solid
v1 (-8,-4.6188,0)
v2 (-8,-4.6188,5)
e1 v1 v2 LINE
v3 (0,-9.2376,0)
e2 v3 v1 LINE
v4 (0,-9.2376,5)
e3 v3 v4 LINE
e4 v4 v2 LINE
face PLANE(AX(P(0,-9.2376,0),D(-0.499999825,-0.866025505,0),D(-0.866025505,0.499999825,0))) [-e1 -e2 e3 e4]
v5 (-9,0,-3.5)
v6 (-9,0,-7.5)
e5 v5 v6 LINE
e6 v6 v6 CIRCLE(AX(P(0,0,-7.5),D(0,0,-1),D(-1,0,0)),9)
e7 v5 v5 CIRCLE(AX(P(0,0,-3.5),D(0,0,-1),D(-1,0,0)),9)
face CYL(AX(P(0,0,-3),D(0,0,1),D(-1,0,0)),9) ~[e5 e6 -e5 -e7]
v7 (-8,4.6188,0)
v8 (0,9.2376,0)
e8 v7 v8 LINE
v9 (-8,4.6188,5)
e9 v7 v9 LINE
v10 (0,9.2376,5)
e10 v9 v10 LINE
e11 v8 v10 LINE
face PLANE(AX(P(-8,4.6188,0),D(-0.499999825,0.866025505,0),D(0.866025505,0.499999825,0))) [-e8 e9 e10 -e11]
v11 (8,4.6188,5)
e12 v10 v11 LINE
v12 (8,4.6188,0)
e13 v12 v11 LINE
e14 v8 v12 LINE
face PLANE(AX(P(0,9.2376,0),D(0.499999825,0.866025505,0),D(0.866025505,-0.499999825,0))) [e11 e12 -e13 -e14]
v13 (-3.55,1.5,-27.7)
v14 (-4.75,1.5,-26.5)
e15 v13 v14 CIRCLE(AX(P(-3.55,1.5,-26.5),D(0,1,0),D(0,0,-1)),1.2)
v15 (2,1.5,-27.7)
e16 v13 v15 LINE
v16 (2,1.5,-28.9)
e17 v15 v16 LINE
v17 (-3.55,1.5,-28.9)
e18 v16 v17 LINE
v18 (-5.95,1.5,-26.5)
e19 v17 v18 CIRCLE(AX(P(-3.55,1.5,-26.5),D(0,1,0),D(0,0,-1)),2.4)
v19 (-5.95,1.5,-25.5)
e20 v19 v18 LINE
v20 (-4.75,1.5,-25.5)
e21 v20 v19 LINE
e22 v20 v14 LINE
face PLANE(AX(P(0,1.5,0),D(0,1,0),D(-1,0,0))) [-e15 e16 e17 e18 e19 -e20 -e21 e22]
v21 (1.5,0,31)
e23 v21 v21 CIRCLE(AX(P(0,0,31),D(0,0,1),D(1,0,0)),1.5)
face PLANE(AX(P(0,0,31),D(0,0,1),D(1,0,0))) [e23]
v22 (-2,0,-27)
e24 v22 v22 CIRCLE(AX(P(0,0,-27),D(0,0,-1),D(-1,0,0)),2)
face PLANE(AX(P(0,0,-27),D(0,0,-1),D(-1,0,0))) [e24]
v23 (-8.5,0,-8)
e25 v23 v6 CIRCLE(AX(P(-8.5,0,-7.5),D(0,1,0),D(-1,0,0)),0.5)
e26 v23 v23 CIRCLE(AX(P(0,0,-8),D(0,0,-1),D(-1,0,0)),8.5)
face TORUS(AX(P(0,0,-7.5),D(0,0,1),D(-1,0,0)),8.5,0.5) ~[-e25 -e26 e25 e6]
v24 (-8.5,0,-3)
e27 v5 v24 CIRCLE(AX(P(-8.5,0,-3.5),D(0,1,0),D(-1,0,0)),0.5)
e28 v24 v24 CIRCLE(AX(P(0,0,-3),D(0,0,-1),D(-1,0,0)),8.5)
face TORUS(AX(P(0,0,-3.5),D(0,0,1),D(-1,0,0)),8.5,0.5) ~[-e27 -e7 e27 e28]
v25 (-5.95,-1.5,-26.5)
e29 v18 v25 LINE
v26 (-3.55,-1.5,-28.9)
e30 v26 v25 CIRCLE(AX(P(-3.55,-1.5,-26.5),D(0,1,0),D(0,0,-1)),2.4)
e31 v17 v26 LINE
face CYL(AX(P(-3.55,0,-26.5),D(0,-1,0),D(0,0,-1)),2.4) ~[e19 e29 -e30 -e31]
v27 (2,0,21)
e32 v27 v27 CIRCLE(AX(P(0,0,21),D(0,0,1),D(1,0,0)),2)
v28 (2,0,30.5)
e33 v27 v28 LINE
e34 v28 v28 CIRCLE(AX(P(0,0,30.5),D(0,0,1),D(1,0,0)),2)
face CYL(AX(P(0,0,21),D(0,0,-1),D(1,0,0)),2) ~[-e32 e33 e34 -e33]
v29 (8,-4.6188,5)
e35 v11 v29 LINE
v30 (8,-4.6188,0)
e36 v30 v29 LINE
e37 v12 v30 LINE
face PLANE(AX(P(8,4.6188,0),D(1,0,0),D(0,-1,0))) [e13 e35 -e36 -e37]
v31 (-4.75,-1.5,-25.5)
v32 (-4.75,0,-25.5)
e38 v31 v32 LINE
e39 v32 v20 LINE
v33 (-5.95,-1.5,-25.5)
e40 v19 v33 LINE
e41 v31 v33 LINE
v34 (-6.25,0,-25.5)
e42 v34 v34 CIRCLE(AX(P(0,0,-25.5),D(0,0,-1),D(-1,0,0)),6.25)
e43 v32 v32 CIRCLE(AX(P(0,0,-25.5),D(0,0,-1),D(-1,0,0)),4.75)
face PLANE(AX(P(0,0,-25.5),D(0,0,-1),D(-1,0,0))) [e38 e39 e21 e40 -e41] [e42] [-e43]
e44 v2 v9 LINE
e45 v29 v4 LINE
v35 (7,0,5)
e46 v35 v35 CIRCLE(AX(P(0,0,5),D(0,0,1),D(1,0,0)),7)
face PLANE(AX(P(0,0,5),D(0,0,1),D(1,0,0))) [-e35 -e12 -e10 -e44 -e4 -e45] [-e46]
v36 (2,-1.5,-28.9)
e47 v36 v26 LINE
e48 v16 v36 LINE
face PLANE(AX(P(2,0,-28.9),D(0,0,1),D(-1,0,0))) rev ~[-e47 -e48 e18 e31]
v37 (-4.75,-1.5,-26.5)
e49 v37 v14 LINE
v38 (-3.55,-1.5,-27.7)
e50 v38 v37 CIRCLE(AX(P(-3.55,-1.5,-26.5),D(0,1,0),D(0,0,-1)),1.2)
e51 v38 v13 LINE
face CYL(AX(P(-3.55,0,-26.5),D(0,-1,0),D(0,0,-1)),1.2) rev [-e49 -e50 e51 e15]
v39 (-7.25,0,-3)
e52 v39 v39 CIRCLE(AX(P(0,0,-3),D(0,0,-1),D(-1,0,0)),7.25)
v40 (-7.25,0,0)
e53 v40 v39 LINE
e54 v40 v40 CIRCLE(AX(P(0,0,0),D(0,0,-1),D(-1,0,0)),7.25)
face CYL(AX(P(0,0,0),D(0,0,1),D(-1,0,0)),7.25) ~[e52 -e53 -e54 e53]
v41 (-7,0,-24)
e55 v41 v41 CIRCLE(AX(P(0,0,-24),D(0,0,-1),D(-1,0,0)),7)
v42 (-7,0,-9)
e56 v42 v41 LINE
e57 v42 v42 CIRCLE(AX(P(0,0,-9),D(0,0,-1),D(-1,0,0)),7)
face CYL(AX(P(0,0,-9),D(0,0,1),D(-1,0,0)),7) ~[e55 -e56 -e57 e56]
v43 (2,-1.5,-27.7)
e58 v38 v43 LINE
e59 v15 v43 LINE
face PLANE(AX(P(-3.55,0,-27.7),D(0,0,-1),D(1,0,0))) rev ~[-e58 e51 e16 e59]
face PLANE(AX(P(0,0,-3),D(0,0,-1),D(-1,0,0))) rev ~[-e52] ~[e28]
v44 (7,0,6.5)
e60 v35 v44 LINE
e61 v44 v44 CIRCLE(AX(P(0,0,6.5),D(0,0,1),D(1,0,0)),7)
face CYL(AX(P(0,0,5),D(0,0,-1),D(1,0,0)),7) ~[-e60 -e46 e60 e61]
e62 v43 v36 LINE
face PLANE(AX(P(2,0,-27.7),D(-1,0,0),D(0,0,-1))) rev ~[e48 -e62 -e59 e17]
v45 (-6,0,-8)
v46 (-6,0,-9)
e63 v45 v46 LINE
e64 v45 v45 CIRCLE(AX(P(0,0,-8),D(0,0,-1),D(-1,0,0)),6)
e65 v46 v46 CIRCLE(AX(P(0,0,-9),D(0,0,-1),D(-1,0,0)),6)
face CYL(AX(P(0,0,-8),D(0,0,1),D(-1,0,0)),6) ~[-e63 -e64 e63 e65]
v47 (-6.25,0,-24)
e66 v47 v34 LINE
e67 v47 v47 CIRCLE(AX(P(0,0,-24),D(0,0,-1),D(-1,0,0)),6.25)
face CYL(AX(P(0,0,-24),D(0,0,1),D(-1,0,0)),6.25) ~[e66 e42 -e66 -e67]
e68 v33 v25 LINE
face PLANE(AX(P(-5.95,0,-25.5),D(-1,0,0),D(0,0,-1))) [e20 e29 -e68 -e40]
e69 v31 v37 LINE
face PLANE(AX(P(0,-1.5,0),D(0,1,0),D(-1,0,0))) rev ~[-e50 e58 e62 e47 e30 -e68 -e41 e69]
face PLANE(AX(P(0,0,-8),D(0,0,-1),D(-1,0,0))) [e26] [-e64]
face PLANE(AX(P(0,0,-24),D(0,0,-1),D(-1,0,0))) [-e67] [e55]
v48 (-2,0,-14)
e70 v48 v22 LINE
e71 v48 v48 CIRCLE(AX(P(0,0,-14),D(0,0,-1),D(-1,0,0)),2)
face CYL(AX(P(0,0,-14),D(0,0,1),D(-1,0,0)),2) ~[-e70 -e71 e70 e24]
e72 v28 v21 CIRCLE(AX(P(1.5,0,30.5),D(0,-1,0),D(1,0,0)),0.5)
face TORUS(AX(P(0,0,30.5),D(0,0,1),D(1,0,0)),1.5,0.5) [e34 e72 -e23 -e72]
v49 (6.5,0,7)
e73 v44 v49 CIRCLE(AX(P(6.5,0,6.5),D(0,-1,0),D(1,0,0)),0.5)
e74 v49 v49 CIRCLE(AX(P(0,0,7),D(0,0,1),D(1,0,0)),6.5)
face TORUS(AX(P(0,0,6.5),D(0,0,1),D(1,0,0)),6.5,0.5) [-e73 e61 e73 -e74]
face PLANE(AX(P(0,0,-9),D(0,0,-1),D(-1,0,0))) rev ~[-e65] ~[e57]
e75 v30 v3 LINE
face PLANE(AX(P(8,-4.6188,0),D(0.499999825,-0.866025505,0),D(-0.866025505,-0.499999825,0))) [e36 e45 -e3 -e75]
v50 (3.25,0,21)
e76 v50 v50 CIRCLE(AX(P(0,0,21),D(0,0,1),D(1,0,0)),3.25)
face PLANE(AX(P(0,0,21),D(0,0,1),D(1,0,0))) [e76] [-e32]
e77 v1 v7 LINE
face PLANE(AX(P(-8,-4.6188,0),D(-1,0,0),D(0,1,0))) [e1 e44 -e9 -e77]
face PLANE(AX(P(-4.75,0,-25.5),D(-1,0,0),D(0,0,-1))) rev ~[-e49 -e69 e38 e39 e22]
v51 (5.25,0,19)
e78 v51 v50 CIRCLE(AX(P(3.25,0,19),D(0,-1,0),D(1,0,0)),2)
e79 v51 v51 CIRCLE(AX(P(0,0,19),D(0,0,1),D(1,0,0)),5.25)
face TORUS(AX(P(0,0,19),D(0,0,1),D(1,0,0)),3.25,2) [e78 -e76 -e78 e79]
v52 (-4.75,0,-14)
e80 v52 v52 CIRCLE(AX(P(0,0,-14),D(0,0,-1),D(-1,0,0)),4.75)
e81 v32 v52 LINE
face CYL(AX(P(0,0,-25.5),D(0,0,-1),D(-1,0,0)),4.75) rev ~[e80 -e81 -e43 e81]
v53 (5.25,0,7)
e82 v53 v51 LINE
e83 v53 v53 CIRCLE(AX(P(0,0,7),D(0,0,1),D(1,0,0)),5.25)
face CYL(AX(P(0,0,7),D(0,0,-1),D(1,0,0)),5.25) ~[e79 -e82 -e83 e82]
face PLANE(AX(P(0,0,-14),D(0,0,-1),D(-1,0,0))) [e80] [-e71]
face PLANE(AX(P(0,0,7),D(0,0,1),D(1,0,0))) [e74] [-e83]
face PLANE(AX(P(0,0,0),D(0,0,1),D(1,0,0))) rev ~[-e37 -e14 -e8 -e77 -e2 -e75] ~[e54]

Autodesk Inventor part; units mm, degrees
ref_plane "YZ Plane" through (0, 0, 0) normal (1, 0, 0) x (0, 1, 0)
ref_plane "XZ Plane" through (0, 0, 0) normal (0, 1, 0) x (-1, 0, 0)
ref_plane "XY Plane" through (0, 0, 0) normal (0, 0, 1) x (1, 0, 0)
sketch "Esboço1" plane through (0, 0, 0) normal (0, 0, 1) x (1, 0, 0)
  line L0 (0, 9.2376) -> (8, 4.6188)
  line L1 (8, 4.6188) -> (8, -4.6188)
  line L2 (8, -4.6188) -> (0, -9.2376)
  line L3 (0, -9.2376) -> (-8, -4.6188)
  line L4 (-8, -4.6188) -> (-8, 4.6188)
  line L5 (-8, 4.6188) -> (0, 9.2376)
  point P0 (0, 0)
  point P1 (0, 0)
  dimension "d0" = 16
extrude "Extrusão1" add sketch "Esboço1" along normal blind 5
sketch "Esboço2" plane through (0, 0, 0) normal (0, 0, -1) x (-1, 0, 0)
  circle A0 centre (0, 0) radius 7.25
  dimension "d3" = 14.5
extrude "Extrusão2" add sketch "Esboço2" along normal blind 3
sketch "Esboço3" plane through (0, 0, -3) normal (0, 0, -1) x (-1, 0, 0)
  circle A0 centre (0, 0) radius 9
  dimension "d6" = 18
extrude "Extrusão3" add sketch "Esboço3" along normal blind 5
sketch "Esboço4" plane through (0, 0, -8) normal (0, 0, -1) x (-1, 0, 0)
  circle A0 centre (0, 0) radius 6
  dimension "d9" = 12
extrude "Extrusão4" add sketch "Esboço4" along normal blind 1
sketch "Esboço5" plane through (0, 0, -9) normal (0, 0, -1) x (-1, 0, 0)
  circle A0 centre (0, 0) radius 7
  dimension "d12" = 14
extrude "Extrusão5" add sketch "Esboço5" along normal blind 15
sketch "Esboço6" plane through (0, 0, -24) normal (0, 0, -1) x (-1, 0, 0)
  circle A0 centre (0, 0) radius 6.25
  dimension "d15" = 12.5
extrude "Extrusão6" add sketch "Esboço6" along normal blind 1.5
sketch "Esboço7" plane through (0, 0, -25.5) normal (0, 0, -1) x (-1, 0, 0)
  circle A0 centre (0, 0) radius 4.75
  dimension "d18" = 9.5
extrude "Extrusão7" cut sketch "Esboço7" against normal blind 11.5
sketch "Esboço8" plane through (0, 0, -14) normal (0, 0, -1) x (-1, 0, 0)
  circle A0 centre (0, 0) radius 2
  dimension "d21" = 4
extrude "Extrusão8" add sketch "Esboço8" along normal blind 13
sketch "Esboço9" plane through (0, 0, 0) normal (0, 1, 0) x (-1, 0, 0)
  line L0 (4.75, -25.5) -> (4.75, -14) projected
  line L1 (4.75, -25.5) -> (4.75, -26.5)
  line L2 (-6.25, -25.5) -> (6.25, -25.5) projected
  line L3 (5.95, -25.5) -> (5.95, -26.5)
  line L4 (3.55, -27.7) -> (-2, -27.7)
  line L5 (-2, -27.7) -> (-2, -28.9)
  line L6 (-2, -28.9) -> (3.55, -28.9)
  arc A0 (3.55, -27.7) -> (4.75, -26.5) centre (3.55, -26.5) ccw
  arc A1 (3.55, -28.9) -> (5.95, -26.5) centre (3.55, -26.5) ccw
  line L7 (-2, -27) -> (2, -27) projected
  line L8 (5.95, -25.5) -> (4.75, -25.5)
  point P0 (0, 0)
  dimension "d24" = 1.2
  dimension "d25" = 2.4
  dimension "d26" = 0.7
  dimension "d27" = 1.2
  dimension "d28" = 1.2
  dimension "d29" = 2
extrude "Extrusão9" add sketch "Esboço9" along normal mid plane 3
sketch "Esboço10" plane through (0, 0, 5) normal (0, 0, 1) x (1, 0, 0)
  circle A0 centre (0, 0) radius 7
  dimension "d32" = 14
extrude "Extrusão10" add sketch "Esboço10" along normal blind 2
sketch "Esboço11" plane through (0, 0, 7) normal (0, 0, 1) x (1, 0, 0)
  circle A0 centre (0, 0) radius 5.25
  dimension "d35" = 10.5
extrude "Extrusão11" add sketch "Esboço11" along normal blind 14
sketch "Esboço12" plane through (0, 0, 21) normal (0, 0, 1) x (1, 0, 0)
  circle A0 centre (0, 0) radius 2
  dimension "d38" = 4
extrude "Extrusão12" add sketch "Esboço12" along normal blind 10
fillet "Arredondamento1" radius 0.5 4 edges at (-2, 0, 31) (-7, 0, 7) (9, 0, -3) (9, 0, -8)
fillet "Arredondamento2" radius 2 1 edges at (-5.25, 0, 21)
thread "Rosca1" size "M14x1.5" class "6g" standard "ANSI Metric M Profile" full length
